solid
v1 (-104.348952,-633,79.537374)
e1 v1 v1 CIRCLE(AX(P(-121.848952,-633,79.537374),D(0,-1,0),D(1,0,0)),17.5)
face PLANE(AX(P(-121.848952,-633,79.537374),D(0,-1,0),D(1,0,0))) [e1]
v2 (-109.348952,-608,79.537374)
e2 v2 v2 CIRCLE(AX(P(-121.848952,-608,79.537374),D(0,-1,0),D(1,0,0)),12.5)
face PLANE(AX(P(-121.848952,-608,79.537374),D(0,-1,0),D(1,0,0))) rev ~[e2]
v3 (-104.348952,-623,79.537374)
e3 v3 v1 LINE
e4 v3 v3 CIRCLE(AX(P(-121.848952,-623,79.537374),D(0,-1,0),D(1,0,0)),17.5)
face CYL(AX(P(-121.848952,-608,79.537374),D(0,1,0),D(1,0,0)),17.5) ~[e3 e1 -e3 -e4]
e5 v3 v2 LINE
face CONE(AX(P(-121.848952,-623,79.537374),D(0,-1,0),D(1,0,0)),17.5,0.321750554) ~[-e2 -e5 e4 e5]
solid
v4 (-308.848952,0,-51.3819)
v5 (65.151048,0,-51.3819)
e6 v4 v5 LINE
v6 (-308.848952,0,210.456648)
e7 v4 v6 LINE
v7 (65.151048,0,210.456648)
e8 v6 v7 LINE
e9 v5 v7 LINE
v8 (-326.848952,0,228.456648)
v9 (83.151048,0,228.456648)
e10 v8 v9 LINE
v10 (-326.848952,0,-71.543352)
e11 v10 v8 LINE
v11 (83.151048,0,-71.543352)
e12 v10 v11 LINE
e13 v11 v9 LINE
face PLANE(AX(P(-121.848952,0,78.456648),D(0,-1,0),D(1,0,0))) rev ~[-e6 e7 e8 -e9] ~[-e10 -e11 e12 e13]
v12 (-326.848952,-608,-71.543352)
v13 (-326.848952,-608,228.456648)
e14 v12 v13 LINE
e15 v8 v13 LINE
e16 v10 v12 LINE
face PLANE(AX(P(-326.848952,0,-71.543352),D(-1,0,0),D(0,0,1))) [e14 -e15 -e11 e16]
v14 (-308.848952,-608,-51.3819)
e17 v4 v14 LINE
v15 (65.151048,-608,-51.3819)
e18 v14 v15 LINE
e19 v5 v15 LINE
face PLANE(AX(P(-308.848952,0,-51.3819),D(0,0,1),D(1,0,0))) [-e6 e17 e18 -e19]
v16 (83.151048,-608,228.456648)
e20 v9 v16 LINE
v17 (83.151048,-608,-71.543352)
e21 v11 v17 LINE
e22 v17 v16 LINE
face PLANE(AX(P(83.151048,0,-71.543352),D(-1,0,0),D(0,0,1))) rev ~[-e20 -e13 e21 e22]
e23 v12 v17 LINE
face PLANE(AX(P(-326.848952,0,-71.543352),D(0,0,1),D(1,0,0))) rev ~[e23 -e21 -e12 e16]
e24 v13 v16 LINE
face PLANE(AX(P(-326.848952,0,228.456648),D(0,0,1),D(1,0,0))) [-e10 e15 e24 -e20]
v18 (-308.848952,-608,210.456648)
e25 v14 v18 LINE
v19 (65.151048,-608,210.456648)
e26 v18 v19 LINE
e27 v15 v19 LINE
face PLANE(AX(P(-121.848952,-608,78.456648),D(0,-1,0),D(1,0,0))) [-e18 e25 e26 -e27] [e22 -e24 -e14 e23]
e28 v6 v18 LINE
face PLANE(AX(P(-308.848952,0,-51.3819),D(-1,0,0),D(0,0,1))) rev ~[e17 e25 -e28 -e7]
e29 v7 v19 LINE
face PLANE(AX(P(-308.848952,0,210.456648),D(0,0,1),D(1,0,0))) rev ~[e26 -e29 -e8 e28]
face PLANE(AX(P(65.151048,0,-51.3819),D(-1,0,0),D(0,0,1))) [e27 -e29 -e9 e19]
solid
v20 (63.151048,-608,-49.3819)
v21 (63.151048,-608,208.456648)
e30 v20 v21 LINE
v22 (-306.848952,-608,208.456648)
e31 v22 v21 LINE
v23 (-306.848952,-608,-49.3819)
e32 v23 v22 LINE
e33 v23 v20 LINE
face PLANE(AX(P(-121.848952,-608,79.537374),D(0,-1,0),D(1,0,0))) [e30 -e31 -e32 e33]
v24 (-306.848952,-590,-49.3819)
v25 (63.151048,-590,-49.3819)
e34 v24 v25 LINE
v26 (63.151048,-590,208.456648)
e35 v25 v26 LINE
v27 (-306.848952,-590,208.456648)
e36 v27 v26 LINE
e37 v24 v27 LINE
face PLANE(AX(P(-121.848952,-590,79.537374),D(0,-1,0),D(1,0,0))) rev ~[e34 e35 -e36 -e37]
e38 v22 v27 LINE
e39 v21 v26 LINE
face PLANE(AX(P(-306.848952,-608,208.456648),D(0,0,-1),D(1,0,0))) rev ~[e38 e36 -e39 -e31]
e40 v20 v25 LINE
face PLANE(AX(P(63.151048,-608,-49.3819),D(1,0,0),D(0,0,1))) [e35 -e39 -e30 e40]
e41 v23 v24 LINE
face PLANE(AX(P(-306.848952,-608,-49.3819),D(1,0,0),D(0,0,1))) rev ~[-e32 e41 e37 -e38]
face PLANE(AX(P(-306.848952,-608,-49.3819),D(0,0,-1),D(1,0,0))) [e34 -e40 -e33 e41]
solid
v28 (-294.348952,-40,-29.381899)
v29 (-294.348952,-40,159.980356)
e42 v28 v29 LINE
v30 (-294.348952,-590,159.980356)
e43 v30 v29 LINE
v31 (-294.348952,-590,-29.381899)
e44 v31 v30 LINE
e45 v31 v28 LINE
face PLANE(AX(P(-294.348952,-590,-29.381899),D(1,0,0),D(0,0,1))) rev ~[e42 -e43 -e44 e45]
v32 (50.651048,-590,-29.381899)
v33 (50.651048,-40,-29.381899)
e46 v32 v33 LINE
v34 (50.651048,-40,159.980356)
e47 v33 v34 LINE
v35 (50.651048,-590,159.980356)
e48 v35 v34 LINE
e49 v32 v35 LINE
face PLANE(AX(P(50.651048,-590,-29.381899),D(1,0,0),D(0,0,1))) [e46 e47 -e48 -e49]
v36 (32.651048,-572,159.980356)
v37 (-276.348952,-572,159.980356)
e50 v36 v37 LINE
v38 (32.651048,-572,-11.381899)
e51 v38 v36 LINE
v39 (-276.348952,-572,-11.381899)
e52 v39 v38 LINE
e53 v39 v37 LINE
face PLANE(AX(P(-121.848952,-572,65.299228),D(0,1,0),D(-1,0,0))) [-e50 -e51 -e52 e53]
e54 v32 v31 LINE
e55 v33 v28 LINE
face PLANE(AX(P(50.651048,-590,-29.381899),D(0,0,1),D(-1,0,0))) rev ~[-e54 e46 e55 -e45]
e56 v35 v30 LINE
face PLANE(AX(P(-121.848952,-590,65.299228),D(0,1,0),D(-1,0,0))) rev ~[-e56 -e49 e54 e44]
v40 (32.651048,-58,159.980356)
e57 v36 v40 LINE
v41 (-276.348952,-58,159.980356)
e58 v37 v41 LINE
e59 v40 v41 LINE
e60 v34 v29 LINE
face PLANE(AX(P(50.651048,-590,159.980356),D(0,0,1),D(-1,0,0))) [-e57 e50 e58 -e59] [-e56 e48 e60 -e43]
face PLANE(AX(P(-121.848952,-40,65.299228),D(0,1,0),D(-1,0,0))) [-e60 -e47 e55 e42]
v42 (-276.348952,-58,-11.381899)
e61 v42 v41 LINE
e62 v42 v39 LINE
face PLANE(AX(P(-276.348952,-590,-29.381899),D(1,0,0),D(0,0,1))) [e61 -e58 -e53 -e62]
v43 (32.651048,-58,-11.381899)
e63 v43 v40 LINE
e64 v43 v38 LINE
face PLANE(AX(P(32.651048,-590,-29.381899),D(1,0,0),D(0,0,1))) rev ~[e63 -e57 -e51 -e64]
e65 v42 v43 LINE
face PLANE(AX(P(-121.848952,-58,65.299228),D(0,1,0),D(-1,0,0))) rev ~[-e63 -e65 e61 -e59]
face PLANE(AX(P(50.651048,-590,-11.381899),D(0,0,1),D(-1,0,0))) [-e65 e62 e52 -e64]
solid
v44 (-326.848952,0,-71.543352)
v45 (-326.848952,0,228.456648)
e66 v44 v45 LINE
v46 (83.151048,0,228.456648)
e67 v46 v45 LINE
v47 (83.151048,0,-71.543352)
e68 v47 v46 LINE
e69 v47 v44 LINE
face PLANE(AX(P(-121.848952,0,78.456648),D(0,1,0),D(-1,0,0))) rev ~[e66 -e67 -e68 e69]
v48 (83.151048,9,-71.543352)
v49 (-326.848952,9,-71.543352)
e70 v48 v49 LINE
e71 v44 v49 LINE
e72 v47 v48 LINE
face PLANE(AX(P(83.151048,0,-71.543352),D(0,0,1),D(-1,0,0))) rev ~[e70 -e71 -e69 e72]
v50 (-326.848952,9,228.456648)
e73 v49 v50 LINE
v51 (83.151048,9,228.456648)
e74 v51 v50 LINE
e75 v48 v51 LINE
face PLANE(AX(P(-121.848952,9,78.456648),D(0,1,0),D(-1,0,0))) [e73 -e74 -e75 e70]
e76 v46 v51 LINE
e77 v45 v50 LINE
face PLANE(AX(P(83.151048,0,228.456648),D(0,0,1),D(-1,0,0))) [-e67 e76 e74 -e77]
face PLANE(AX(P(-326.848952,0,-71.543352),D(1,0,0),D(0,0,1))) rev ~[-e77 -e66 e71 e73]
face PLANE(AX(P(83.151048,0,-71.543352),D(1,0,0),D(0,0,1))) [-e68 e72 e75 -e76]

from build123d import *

# Parameters (mm, degrees)
F0_W      = 410
F0_H      = 300
F0_W_2    = 374
F0_H_2    = 261.838547
F1_DEPTH  = 608
F2_W      = 410
F2_H      = 300
F3_DEPTH  = 9
F4_W      = 370
F4_H      = 257.838547
F5_DEPTH  = 18
F6_W      = 345
F6_H      = 189.362255
F7_DEPTH  = 550
F8_T      = -18
F9_R      = 17.5
F10_DEPTH = 25
F11_SIZE2 = 5
F11_SIZE  = 15


with BuildPart() as f1:
    # F0 (on Front) → F1 (new body)
    with BuildSketch(Plane.XZ):
        with Locations((-121.848952, 78.456648)):
            Rectangle(F0_W, F0_H)
        with Locations((-121.848952, 79.537374)):
            Rectangle(F0_W_2, F0_H_2, mode=Mode.SUBTRACT)
    extrude(amount=F1_DEPTH)


with BuildPart() as f3:
    # F2 (on face) → F3 (new body)
    with BuildSketch(Plane(origin=(0, 0, 0), x_dir=(-1, 0, 0), z_dir=(0, 1, 0))):
        with Locations((121.848952, 78.456648)):
            Rectangle(F2_W, F2_H)
    extrude(amount=F3_DEPTH)


with BuildPart() as f5:
    # F4 (on face) → F5 (new body)
    with BuildSketch(Plane.XZ.offset(608)):
        with Locations((-121.848952, 79.537374)):
            Rectangle(F4_W, F4_H)
    extrude(amount=-F5_DEPTH)


with BuildPart() as f7:
    # F6 (on face) → F7 (new body)
    with BuildSketch(Plane(origin=(0, -590, 0), x_dir=(-1, 0, 0), z_dir=(0, 1, 0))):
        with Locations((121.848952, 65.299228)):
            Rectangle(F6_W, F6_H)
    extrude(amount=F7_DEPTH)

    # F8
    f8_openings = [f7.faces().sort_by_distance(p)[0] for p in [
        (-121.848952, -315, 159.980356),
    ]]
    offset(amount=F8_T, openings=f8_openings)


with BuildPart() as f10:
    # F9 (on face) → F10 (new body)
    with BuildSketch(Plane.XZ.offset(608)):
        with Locations((-121.848952, 79.537374)):
            Circle(F9_R)
    extrude(amount=F10_DEPTH)

    # F11
    f11_edges = [f10.edges().sort_by_distance(p)[0] for p in [
        (-139.348952, -608, 79.537374),
    ]]
    chamfer(f11_edges, length=F11_SIZE, length2=F11_SIZE2)


solid = Compound([f1.part, f3.part, f5.part, f7.part, f10.part])
